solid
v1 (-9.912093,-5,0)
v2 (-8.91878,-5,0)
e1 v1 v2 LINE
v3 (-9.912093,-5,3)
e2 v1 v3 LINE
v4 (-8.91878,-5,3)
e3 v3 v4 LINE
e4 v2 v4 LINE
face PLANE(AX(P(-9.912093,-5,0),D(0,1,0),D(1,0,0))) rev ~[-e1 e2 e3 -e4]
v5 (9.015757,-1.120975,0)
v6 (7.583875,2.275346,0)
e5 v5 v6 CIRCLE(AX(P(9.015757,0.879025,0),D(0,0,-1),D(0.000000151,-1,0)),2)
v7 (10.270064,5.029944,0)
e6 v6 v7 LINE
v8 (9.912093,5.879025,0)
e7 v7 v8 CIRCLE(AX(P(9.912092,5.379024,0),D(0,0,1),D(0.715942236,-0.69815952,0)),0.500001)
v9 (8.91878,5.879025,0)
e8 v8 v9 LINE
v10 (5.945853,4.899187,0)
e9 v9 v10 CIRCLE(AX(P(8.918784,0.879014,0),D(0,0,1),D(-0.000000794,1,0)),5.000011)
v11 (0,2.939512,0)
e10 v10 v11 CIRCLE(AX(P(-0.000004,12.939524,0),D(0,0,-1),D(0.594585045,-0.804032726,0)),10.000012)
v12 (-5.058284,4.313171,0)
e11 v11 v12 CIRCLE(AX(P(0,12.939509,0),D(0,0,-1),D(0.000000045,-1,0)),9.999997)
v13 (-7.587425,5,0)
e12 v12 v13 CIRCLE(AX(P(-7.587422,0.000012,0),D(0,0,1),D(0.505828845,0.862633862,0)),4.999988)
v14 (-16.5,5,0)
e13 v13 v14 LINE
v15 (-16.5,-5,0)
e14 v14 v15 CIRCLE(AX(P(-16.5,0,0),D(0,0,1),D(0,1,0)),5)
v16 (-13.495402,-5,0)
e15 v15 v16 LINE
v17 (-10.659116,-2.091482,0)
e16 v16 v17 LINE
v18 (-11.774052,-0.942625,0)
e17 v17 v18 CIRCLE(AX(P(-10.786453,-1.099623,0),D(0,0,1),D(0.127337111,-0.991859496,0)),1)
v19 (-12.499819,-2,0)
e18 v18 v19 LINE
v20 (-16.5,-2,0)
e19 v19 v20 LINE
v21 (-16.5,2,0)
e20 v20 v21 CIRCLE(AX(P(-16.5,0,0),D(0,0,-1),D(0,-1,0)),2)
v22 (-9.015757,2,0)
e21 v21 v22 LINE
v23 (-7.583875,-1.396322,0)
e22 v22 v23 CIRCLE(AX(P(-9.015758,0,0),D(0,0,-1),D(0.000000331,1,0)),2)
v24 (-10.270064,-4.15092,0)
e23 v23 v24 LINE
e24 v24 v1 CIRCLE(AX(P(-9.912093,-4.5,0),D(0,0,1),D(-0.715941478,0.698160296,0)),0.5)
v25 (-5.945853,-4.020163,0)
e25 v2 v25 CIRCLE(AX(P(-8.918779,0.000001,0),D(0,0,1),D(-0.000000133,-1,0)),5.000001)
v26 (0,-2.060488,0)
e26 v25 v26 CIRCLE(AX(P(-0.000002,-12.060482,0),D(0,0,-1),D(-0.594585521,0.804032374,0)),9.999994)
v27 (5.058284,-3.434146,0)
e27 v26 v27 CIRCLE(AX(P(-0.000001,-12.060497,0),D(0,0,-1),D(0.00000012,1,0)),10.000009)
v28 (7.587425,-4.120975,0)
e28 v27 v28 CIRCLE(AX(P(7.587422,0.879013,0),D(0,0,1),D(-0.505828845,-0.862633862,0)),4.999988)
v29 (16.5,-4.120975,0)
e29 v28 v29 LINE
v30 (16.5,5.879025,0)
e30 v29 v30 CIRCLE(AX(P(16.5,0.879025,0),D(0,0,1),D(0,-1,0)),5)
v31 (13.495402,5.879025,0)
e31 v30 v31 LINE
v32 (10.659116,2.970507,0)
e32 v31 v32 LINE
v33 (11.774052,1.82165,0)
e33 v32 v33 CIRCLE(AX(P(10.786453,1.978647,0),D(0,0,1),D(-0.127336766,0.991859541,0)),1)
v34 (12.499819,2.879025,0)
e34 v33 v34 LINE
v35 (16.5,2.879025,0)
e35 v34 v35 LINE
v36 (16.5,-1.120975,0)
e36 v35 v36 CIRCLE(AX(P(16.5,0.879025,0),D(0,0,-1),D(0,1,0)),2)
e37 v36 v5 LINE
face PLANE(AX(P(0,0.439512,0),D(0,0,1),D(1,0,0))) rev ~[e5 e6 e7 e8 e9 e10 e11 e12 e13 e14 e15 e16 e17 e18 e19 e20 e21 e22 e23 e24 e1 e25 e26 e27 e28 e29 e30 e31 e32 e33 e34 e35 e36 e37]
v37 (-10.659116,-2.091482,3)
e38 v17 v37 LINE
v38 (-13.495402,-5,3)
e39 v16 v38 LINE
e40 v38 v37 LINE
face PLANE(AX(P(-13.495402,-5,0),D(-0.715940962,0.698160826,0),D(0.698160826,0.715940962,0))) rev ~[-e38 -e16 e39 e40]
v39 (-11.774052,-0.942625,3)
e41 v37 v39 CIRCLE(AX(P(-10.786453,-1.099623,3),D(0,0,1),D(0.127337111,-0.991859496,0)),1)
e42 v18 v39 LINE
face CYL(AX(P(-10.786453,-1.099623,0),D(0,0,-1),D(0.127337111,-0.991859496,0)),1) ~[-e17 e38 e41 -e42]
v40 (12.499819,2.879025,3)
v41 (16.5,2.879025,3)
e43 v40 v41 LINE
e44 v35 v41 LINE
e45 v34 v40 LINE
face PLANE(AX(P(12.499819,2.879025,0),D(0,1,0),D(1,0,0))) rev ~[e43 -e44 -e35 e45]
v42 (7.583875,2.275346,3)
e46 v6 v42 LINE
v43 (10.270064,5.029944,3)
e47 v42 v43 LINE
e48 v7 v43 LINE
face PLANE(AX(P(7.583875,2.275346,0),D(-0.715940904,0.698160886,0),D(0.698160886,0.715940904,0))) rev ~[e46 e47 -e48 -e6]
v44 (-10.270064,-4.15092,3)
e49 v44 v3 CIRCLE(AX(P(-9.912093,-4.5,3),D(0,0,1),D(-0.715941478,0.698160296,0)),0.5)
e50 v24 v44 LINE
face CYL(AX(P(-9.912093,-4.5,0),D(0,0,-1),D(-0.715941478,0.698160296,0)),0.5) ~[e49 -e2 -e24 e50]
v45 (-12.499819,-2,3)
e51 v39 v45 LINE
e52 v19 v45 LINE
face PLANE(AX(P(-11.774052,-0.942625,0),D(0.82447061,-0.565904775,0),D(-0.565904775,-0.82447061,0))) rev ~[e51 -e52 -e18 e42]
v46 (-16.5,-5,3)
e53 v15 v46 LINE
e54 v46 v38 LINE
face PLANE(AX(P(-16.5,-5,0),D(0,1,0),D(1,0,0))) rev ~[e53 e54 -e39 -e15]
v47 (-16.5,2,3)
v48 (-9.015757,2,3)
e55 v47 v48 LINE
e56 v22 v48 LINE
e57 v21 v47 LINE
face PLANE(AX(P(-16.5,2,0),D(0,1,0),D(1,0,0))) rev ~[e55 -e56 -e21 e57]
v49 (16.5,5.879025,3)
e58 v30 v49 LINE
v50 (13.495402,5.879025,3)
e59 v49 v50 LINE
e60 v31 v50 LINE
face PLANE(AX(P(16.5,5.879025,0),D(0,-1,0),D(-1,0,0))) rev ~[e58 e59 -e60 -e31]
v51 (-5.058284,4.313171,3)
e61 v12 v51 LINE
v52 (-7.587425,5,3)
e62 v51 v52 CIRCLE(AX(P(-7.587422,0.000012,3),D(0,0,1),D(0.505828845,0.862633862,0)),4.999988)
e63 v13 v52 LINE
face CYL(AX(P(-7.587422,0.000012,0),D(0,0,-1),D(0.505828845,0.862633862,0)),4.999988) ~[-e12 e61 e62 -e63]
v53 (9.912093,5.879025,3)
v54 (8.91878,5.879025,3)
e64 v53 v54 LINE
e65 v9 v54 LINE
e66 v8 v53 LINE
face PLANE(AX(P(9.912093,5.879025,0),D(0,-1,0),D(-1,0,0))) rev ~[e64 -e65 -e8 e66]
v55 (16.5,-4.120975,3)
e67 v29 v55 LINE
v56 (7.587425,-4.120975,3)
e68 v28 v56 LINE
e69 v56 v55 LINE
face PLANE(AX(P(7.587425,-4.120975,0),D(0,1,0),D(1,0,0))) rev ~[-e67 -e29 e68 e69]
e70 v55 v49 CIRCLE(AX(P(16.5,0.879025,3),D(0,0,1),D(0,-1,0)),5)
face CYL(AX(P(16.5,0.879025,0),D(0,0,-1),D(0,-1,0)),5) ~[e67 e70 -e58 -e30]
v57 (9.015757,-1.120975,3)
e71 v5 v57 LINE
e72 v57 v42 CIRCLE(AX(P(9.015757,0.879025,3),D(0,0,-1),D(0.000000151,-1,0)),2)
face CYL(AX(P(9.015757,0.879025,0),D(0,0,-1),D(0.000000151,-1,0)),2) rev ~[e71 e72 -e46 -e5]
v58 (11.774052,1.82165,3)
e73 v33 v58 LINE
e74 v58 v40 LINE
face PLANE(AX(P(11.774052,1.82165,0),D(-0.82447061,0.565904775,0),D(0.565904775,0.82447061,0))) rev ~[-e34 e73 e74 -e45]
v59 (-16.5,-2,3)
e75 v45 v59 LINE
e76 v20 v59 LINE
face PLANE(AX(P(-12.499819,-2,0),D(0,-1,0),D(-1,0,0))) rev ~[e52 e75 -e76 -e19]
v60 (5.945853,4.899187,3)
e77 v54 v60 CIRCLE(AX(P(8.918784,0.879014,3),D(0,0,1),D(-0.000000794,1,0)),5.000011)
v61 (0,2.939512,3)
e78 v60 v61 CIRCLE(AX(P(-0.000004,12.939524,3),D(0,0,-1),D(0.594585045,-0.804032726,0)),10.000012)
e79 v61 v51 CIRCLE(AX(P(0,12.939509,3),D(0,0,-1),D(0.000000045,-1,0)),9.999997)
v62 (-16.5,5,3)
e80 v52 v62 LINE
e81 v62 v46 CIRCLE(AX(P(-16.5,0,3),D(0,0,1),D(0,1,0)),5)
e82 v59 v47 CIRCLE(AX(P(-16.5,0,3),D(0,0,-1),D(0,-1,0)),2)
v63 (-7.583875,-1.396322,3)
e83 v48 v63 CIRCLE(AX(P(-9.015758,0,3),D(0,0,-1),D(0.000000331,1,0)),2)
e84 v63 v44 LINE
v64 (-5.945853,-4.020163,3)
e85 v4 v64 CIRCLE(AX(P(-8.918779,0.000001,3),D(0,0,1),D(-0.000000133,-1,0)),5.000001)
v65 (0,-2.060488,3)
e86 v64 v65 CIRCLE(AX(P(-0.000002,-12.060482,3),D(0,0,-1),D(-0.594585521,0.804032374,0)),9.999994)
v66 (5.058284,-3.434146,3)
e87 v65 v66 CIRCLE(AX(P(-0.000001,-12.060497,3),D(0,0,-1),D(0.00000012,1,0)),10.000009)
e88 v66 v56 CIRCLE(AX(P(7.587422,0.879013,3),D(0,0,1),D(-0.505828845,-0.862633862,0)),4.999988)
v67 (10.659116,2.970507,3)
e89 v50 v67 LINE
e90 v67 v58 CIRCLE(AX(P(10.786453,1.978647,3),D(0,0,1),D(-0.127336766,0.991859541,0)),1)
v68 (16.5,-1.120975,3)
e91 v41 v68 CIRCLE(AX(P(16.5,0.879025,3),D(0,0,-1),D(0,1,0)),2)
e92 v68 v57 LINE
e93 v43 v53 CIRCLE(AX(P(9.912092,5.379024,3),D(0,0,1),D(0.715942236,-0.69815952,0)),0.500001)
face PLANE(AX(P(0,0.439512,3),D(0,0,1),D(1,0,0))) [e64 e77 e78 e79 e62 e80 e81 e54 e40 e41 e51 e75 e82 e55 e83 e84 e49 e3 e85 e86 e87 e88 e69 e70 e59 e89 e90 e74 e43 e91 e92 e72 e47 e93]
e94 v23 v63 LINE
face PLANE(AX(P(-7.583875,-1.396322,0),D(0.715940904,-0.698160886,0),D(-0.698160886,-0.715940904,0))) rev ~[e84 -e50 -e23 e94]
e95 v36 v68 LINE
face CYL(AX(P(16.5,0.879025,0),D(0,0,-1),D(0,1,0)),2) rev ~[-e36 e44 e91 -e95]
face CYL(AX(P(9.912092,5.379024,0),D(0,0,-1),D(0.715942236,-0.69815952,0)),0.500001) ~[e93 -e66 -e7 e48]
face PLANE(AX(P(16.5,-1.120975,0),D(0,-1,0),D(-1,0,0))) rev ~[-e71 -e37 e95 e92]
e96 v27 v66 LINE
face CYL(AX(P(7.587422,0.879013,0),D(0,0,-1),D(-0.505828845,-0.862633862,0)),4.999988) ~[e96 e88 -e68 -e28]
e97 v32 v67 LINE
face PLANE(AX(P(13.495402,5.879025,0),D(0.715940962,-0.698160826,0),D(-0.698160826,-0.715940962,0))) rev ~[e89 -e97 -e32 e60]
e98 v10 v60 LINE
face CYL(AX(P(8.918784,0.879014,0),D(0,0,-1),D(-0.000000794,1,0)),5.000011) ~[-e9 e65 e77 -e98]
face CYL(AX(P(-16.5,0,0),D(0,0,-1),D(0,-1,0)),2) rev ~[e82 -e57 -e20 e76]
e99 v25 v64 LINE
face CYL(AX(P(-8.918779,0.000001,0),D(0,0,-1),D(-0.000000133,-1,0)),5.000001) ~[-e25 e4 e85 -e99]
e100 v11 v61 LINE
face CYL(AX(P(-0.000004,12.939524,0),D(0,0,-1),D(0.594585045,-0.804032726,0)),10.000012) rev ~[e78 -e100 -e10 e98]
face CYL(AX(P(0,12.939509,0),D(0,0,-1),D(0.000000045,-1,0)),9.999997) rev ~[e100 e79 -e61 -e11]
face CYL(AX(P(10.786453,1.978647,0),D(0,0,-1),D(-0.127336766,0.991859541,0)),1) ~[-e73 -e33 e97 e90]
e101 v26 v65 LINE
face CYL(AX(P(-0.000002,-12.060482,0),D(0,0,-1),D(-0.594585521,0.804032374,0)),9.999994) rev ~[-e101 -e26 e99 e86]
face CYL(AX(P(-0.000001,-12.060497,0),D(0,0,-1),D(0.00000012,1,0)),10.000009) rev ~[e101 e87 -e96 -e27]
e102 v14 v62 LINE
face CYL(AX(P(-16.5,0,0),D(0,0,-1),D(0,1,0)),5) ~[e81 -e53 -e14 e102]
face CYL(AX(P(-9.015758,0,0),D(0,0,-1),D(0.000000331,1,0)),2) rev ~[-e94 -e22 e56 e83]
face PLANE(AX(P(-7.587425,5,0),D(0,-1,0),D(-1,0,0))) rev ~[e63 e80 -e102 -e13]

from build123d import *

# Parameters (mm, degrees)
F1_DEPTH = 3


with BuildPart() as f1:
    # F0 (on Top) → F1 (new body)
    with BuildSketch(Plane.XY):
        with BuildLine():
            Line((-7.587425, 5), (-16.5, 5))
            ThreePointArc((-16.5, 5), (-21.5, 0), (-16.5, -5))
            Line((-16.5, -5), (-13.495402, -5))
            Line((-13.495402, -5), (-10.659116, -2.091482))
            ThreePointArc((-10.659116, -2.091482), (-10.068831, -0.40319), (-11.774052, -0.942625))
            Line((-11.774052, -0.942625), (-12.499819, -2))
            Line((-12.499819, -2), (-16.5, -2))
            ThreePointArc((-16.5, -2), (-18.5, 0), (-16.5, 2))
            Line((-16.5, 2), (-9.015757, 2))
            ThreePointArc((-9.015757, 2), (-7.172846, 0.776967), (-7.583875, -1.396322))
            Line((-7.583875, -1.396322), (-10.270064, -4.15092))
            ThreePointArc((-10.270064, -4.15092), (-10.372821, -4.694242), (-9.912093, -5))
            Line((-9.912093, -5), (-8.91878, -5))
            ThreePointArc((-8.91878, -5), (-7.353662, -4.748727), (-5.945853, -4.020163))
            ThreePointArc((-5.945853, -4.020163), (-3.130235, -2.563034), (0, -2.060488))
            ThreePointArc((0, -2.060488), (2.620743, -2.410011), (5.058284, -3.434146))
            ThreePointArc((5.058284, -3.434146), (6.277054, -3.946214), (7.587425, -4.120975))
            Line((7.587425, -4.120975), (16.5, -4.120975))
            ThreePointArc((16.5, -4.120975), (21.5, 0.879025), (16.5, 5.879025))
            Line((16.5, 5.879025), (13.495402, 5.879025))
            Line((13.495402, 5.879025), (10.659116, 2.970507))
            ThreePointArc((10.659116, 2.970507), (10.068831, 1.282214), (11.774052, 1.82165))
            Line((11.774052, 1.82165), (12.499819, 2.879025))
            Line((12.499819, 2.879025), (16.5, 2.879025))
            ThreePointArc((16.5, 2.879025), (18.5, 0.879025), (16.5, -1.120975))
            Line((16.5, -1.120975), (9.015757, -1.120975))
            ThreePointArc((9.015757, -1.120975), (7.172846, 0.102057), (7.583875, 2.275346))
            Line((7.583875, 2.275346), (10.270064, 5.029944))
            ThreePointArc((10.270064, 5.029944), (10.372821, 5.573266), (9.912093, 5.879025))
            Line((9.912093, 5.879025), (8.91878, 5.879025))
            ThreePointArc((8.91878, 5.879025), (7.353662, 5.627751), (5.945853, 4.899187))
            ThreePointArc((5.945853, 4.899187), (3.130235, 3.442059), (0, 2.939512))
            ThreePointArc((0, 2.939512), (-2.620743, 3.289035), (-5.058284, 4.313171))
            ThreePointArc((-5.058284, 4.313171), (-6.277054, 4.825239), (-7.587425, 5))
        make_face()
    extrude(amount=F1_DEPTH)


solid = f1.part
